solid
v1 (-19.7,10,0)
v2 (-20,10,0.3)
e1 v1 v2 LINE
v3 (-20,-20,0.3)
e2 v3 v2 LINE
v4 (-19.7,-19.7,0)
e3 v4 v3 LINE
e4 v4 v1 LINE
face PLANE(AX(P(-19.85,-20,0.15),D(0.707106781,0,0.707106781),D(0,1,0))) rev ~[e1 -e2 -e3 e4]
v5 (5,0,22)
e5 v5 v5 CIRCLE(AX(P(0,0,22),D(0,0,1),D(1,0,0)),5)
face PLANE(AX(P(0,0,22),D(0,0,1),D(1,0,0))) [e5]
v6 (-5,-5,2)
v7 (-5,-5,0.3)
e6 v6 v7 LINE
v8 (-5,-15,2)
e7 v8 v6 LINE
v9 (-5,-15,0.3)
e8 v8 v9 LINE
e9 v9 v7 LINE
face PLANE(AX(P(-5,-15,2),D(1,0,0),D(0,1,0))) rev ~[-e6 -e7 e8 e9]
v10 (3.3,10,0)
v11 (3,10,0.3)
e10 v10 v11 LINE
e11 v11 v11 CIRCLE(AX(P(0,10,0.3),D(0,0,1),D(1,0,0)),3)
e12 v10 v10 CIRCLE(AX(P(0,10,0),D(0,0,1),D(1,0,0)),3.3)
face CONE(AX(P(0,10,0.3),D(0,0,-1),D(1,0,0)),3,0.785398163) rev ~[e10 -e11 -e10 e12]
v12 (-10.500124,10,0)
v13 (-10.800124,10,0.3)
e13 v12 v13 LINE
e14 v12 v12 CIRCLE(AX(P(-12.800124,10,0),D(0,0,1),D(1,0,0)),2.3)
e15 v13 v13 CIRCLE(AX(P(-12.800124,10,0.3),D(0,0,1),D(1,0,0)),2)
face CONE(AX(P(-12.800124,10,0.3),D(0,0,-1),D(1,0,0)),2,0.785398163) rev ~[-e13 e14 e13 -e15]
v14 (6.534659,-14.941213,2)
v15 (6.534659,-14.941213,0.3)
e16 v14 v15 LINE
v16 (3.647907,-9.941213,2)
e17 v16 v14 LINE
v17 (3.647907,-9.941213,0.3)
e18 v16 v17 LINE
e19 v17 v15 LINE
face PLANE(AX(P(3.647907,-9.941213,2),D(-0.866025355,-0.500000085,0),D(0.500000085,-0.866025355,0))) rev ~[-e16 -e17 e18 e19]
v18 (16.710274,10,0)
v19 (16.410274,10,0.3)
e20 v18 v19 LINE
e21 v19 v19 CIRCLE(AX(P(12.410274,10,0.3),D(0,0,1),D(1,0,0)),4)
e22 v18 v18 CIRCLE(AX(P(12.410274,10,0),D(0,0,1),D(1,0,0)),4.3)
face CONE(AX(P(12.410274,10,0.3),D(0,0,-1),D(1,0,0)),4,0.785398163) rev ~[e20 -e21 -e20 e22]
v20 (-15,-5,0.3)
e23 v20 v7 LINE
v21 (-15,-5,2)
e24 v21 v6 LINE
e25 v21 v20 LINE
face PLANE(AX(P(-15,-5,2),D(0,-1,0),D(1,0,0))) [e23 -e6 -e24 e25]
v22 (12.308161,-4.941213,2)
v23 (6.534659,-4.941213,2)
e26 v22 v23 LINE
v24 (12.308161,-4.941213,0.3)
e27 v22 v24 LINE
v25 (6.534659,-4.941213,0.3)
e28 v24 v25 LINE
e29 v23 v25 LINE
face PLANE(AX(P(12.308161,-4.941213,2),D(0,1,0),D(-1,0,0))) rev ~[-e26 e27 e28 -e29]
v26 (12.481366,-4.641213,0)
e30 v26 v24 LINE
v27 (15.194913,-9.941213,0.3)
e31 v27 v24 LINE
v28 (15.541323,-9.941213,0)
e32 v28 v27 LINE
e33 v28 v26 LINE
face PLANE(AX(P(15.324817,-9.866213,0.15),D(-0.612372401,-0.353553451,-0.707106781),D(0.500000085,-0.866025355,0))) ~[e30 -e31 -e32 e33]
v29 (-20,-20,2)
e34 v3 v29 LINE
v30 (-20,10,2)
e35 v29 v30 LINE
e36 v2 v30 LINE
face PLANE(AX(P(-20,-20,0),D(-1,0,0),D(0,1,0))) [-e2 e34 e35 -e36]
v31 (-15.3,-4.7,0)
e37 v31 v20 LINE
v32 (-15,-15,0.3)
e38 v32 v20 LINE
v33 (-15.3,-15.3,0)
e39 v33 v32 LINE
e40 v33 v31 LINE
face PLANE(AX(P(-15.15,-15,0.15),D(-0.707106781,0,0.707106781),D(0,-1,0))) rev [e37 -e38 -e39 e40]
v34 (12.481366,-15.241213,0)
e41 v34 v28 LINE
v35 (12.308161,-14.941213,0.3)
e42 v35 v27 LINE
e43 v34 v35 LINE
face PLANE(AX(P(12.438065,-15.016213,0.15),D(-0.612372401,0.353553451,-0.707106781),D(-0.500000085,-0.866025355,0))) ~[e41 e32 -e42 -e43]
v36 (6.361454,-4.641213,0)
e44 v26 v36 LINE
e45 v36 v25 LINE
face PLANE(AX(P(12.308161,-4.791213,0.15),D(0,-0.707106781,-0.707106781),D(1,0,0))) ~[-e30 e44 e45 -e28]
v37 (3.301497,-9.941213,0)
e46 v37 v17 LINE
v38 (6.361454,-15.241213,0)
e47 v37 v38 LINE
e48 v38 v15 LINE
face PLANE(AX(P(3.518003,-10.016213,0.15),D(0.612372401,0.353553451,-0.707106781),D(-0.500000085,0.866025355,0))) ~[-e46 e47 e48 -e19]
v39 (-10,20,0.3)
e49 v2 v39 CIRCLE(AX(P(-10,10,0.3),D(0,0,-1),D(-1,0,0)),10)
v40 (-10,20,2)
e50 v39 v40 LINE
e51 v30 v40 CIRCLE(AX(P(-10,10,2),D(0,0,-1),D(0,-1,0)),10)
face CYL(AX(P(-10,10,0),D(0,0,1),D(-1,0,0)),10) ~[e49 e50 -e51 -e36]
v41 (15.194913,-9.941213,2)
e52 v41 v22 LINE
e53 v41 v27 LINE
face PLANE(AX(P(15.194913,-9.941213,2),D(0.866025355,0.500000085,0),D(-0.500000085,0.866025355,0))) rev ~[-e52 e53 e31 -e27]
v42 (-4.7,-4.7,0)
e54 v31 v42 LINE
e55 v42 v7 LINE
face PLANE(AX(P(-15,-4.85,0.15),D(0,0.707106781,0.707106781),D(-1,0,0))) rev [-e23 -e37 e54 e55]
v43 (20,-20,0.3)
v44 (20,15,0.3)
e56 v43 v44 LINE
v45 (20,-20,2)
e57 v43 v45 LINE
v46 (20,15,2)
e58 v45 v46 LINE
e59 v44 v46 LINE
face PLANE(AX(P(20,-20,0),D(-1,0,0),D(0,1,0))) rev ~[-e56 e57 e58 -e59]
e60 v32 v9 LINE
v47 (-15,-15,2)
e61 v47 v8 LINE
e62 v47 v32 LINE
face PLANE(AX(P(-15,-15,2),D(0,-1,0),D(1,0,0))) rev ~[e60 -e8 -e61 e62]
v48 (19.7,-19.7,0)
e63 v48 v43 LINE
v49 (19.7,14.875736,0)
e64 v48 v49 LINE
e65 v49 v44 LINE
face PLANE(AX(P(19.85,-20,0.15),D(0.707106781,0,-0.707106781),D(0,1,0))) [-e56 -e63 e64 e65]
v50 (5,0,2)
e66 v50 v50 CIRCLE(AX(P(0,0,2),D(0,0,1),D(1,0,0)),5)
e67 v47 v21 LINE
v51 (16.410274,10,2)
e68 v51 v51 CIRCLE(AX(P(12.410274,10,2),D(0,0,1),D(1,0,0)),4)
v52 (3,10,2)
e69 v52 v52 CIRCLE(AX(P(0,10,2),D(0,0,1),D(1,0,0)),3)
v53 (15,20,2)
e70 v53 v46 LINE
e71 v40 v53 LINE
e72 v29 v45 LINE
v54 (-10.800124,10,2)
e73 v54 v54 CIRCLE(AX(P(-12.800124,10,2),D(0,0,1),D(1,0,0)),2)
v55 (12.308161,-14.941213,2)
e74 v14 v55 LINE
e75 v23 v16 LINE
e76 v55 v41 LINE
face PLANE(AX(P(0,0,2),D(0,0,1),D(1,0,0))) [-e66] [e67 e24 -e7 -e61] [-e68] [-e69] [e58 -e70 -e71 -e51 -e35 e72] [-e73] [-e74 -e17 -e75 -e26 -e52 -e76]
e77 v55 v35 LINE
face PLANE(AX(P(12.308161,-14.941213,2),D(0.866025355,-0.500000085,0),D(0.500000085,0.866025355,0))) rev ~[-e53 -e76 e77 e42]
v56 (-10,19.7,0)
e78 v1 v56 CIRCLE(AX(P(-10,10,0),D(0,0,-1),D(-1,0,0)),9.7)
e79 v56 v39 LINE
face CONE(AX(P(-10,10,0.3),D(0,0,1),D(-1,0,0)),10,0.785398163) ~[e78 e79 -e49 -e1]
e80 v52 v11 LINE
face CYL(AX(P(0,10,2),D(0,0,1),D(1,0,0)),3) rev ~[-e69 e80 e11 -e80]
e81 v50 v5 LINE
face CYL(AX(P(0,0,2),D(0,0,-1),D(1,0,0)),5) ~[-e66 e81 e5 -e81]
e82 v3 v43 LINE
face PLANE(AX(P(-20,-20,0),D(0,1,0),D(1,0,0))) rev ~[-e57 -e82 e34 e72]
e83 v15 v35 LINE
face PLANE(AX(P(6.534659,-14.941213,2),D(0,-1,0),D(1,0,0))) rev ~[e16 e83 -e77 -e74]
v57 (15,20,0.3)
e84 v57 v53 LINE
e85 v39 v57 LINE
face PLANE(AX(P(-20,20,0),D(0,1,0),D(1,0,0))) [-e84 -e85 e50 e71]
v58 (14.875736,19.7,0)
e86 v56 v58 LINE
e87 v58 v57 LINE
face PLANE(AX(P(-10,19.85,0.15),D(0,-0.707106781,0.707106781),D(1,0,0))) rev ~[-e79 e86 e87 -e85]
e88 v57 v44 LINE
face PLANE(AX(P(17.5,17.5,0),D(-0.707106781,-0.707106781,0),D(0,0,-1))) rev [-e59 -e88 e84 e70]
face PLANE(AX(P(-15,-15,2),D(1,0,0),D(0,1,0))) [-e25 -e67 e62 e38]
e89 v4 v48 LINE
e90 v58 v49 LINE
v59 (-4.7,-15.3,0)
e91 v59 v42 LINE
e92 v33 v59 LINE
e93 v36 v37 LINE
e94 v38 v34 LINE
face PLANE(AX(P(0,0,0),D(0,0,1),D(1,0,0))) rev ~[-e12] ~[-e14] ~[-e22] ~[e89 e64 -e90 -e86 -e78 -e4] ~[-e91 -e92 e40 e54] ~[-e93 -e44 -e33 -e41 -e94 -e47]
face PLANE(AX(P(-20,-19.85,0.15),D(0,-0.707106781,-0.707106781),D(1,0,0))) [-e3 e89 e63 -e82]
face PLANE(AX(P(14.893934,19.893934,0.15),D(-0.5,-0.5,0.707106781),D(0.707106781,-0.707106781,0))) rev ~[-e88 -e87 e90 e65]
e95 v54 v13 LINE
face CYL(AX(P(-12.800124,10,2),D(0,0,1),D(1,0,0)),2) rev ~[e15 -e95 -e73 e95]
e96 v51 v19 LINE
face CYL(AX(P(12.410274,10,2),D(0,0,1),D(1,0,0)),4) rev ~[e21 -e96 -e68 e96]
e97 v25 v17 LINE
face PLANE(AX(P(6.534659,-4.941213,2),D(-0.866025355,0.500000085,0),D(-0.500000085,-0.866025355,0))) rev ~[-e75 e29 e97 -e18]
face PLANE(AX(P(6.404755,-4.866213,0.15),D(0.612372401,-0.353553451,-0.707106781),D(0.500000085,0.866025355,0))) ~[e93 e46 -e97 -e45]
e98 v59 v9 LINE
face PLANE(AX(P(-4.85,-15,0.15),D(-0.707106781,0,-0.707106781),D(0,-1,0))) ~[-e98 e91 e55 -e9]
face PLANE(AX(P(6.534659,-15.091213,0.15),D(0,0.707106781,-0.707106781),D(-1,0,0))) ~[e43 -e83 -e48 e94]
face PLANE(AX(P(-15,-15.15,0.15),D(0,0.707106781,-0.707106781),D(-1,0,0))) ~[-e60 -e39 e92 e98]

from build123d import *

# Parameters (mm, degrees)
F0_W     = 40
F0_H     = 40
F1_DEPTH = 2
F2_R     = 2
F2_R_2   = 3
F2_R_3   = 4
F2_W     = 10
F2_H     = 10
F3_DEPTH = 2
F4_R     = 10
F5_SIZE  = 5
F6_R     = 5
F7_DEPTH = 20
F8_SIZE  = 0.3


with BuildPart() as f1:
    # F0 (on Top) → F1 (new body)
    with BuildSketch(Plane.XY):
        Rectangle(F0_W, F0_H)
    extrude(amount=F1_DEPTH)

    # F2 (on face) → F3 (cut, through all)
    with BuildSketch(Plane.XY.offset(2)):
        with Locations((-12.800124, 10)):
            Circle(F2_R)
        with Locations((0, 10)):
            Circle(F2_R_2)
        with Locations((12.410274, 10)):
            Circle(F2_R_3)
        with Locations((-10, -10)):
            Rectangle(F2_W, F2_H)
        Polygon((12.308161, -4.941213), (6.534659, -4.941213), (3.647907, -9.941213), (6.534659, -14.941213), (12.308161, -14.941213), (15.194913, -9.941213), align=None)
    extrude(amount=-F3_DEPTH, mode=Mode.SUBTRACT)

    # F4
    f4_edges = [f1.edges().sort_by_distance(p)[0] for p in [
        (-20, 20, 1),
    ]]
    fillet(f4_edges, radius=F4_R)

    # F5
    f5_edges = [f1.edges().sort_by_distance(p)[0] for p in [
        (20, 20, 1),
    ]]
    chamfer(f5_edges, length=F5_SIZE)

    # F6 (on face) → F7 (join)
    with BuildSketch(Plane.XY.offset(2)):
        Circle(F6_R)
    extrude(amount=F7_DEPTH)

    # F8
    f8_edges = [f1.edges().sort_by_distance(p)[0] for p in [
        (2.5, 20, 0),
        (17.5, 17.5, 0),
        (-17.071068, 17.071068, 0),
        (20, -2.5, 0),
        (-20, -5, 0),
        (0, -20, 0),
        (-10, -5, 0),
        (-15, -10, 0),
        (-10, -15, 0),
        (-5, -10, 0),
        (9.42141, -4.941213, 0),
        (5.091283, -7.441213, 0),
        (5.091283, -12.441213, 0),
        (9.42141, -14.941213, 0),
        (13.751537, -12.441213, 0),
        (13.751537, -7.441213, 0),
        (-14.800124, 10, 0),
        (-3, 10, 0),
        (8.410274, 10, 0),
    ]]
    chamfer(f8_edges, length=F8_SIZE)


solid = f1.part
